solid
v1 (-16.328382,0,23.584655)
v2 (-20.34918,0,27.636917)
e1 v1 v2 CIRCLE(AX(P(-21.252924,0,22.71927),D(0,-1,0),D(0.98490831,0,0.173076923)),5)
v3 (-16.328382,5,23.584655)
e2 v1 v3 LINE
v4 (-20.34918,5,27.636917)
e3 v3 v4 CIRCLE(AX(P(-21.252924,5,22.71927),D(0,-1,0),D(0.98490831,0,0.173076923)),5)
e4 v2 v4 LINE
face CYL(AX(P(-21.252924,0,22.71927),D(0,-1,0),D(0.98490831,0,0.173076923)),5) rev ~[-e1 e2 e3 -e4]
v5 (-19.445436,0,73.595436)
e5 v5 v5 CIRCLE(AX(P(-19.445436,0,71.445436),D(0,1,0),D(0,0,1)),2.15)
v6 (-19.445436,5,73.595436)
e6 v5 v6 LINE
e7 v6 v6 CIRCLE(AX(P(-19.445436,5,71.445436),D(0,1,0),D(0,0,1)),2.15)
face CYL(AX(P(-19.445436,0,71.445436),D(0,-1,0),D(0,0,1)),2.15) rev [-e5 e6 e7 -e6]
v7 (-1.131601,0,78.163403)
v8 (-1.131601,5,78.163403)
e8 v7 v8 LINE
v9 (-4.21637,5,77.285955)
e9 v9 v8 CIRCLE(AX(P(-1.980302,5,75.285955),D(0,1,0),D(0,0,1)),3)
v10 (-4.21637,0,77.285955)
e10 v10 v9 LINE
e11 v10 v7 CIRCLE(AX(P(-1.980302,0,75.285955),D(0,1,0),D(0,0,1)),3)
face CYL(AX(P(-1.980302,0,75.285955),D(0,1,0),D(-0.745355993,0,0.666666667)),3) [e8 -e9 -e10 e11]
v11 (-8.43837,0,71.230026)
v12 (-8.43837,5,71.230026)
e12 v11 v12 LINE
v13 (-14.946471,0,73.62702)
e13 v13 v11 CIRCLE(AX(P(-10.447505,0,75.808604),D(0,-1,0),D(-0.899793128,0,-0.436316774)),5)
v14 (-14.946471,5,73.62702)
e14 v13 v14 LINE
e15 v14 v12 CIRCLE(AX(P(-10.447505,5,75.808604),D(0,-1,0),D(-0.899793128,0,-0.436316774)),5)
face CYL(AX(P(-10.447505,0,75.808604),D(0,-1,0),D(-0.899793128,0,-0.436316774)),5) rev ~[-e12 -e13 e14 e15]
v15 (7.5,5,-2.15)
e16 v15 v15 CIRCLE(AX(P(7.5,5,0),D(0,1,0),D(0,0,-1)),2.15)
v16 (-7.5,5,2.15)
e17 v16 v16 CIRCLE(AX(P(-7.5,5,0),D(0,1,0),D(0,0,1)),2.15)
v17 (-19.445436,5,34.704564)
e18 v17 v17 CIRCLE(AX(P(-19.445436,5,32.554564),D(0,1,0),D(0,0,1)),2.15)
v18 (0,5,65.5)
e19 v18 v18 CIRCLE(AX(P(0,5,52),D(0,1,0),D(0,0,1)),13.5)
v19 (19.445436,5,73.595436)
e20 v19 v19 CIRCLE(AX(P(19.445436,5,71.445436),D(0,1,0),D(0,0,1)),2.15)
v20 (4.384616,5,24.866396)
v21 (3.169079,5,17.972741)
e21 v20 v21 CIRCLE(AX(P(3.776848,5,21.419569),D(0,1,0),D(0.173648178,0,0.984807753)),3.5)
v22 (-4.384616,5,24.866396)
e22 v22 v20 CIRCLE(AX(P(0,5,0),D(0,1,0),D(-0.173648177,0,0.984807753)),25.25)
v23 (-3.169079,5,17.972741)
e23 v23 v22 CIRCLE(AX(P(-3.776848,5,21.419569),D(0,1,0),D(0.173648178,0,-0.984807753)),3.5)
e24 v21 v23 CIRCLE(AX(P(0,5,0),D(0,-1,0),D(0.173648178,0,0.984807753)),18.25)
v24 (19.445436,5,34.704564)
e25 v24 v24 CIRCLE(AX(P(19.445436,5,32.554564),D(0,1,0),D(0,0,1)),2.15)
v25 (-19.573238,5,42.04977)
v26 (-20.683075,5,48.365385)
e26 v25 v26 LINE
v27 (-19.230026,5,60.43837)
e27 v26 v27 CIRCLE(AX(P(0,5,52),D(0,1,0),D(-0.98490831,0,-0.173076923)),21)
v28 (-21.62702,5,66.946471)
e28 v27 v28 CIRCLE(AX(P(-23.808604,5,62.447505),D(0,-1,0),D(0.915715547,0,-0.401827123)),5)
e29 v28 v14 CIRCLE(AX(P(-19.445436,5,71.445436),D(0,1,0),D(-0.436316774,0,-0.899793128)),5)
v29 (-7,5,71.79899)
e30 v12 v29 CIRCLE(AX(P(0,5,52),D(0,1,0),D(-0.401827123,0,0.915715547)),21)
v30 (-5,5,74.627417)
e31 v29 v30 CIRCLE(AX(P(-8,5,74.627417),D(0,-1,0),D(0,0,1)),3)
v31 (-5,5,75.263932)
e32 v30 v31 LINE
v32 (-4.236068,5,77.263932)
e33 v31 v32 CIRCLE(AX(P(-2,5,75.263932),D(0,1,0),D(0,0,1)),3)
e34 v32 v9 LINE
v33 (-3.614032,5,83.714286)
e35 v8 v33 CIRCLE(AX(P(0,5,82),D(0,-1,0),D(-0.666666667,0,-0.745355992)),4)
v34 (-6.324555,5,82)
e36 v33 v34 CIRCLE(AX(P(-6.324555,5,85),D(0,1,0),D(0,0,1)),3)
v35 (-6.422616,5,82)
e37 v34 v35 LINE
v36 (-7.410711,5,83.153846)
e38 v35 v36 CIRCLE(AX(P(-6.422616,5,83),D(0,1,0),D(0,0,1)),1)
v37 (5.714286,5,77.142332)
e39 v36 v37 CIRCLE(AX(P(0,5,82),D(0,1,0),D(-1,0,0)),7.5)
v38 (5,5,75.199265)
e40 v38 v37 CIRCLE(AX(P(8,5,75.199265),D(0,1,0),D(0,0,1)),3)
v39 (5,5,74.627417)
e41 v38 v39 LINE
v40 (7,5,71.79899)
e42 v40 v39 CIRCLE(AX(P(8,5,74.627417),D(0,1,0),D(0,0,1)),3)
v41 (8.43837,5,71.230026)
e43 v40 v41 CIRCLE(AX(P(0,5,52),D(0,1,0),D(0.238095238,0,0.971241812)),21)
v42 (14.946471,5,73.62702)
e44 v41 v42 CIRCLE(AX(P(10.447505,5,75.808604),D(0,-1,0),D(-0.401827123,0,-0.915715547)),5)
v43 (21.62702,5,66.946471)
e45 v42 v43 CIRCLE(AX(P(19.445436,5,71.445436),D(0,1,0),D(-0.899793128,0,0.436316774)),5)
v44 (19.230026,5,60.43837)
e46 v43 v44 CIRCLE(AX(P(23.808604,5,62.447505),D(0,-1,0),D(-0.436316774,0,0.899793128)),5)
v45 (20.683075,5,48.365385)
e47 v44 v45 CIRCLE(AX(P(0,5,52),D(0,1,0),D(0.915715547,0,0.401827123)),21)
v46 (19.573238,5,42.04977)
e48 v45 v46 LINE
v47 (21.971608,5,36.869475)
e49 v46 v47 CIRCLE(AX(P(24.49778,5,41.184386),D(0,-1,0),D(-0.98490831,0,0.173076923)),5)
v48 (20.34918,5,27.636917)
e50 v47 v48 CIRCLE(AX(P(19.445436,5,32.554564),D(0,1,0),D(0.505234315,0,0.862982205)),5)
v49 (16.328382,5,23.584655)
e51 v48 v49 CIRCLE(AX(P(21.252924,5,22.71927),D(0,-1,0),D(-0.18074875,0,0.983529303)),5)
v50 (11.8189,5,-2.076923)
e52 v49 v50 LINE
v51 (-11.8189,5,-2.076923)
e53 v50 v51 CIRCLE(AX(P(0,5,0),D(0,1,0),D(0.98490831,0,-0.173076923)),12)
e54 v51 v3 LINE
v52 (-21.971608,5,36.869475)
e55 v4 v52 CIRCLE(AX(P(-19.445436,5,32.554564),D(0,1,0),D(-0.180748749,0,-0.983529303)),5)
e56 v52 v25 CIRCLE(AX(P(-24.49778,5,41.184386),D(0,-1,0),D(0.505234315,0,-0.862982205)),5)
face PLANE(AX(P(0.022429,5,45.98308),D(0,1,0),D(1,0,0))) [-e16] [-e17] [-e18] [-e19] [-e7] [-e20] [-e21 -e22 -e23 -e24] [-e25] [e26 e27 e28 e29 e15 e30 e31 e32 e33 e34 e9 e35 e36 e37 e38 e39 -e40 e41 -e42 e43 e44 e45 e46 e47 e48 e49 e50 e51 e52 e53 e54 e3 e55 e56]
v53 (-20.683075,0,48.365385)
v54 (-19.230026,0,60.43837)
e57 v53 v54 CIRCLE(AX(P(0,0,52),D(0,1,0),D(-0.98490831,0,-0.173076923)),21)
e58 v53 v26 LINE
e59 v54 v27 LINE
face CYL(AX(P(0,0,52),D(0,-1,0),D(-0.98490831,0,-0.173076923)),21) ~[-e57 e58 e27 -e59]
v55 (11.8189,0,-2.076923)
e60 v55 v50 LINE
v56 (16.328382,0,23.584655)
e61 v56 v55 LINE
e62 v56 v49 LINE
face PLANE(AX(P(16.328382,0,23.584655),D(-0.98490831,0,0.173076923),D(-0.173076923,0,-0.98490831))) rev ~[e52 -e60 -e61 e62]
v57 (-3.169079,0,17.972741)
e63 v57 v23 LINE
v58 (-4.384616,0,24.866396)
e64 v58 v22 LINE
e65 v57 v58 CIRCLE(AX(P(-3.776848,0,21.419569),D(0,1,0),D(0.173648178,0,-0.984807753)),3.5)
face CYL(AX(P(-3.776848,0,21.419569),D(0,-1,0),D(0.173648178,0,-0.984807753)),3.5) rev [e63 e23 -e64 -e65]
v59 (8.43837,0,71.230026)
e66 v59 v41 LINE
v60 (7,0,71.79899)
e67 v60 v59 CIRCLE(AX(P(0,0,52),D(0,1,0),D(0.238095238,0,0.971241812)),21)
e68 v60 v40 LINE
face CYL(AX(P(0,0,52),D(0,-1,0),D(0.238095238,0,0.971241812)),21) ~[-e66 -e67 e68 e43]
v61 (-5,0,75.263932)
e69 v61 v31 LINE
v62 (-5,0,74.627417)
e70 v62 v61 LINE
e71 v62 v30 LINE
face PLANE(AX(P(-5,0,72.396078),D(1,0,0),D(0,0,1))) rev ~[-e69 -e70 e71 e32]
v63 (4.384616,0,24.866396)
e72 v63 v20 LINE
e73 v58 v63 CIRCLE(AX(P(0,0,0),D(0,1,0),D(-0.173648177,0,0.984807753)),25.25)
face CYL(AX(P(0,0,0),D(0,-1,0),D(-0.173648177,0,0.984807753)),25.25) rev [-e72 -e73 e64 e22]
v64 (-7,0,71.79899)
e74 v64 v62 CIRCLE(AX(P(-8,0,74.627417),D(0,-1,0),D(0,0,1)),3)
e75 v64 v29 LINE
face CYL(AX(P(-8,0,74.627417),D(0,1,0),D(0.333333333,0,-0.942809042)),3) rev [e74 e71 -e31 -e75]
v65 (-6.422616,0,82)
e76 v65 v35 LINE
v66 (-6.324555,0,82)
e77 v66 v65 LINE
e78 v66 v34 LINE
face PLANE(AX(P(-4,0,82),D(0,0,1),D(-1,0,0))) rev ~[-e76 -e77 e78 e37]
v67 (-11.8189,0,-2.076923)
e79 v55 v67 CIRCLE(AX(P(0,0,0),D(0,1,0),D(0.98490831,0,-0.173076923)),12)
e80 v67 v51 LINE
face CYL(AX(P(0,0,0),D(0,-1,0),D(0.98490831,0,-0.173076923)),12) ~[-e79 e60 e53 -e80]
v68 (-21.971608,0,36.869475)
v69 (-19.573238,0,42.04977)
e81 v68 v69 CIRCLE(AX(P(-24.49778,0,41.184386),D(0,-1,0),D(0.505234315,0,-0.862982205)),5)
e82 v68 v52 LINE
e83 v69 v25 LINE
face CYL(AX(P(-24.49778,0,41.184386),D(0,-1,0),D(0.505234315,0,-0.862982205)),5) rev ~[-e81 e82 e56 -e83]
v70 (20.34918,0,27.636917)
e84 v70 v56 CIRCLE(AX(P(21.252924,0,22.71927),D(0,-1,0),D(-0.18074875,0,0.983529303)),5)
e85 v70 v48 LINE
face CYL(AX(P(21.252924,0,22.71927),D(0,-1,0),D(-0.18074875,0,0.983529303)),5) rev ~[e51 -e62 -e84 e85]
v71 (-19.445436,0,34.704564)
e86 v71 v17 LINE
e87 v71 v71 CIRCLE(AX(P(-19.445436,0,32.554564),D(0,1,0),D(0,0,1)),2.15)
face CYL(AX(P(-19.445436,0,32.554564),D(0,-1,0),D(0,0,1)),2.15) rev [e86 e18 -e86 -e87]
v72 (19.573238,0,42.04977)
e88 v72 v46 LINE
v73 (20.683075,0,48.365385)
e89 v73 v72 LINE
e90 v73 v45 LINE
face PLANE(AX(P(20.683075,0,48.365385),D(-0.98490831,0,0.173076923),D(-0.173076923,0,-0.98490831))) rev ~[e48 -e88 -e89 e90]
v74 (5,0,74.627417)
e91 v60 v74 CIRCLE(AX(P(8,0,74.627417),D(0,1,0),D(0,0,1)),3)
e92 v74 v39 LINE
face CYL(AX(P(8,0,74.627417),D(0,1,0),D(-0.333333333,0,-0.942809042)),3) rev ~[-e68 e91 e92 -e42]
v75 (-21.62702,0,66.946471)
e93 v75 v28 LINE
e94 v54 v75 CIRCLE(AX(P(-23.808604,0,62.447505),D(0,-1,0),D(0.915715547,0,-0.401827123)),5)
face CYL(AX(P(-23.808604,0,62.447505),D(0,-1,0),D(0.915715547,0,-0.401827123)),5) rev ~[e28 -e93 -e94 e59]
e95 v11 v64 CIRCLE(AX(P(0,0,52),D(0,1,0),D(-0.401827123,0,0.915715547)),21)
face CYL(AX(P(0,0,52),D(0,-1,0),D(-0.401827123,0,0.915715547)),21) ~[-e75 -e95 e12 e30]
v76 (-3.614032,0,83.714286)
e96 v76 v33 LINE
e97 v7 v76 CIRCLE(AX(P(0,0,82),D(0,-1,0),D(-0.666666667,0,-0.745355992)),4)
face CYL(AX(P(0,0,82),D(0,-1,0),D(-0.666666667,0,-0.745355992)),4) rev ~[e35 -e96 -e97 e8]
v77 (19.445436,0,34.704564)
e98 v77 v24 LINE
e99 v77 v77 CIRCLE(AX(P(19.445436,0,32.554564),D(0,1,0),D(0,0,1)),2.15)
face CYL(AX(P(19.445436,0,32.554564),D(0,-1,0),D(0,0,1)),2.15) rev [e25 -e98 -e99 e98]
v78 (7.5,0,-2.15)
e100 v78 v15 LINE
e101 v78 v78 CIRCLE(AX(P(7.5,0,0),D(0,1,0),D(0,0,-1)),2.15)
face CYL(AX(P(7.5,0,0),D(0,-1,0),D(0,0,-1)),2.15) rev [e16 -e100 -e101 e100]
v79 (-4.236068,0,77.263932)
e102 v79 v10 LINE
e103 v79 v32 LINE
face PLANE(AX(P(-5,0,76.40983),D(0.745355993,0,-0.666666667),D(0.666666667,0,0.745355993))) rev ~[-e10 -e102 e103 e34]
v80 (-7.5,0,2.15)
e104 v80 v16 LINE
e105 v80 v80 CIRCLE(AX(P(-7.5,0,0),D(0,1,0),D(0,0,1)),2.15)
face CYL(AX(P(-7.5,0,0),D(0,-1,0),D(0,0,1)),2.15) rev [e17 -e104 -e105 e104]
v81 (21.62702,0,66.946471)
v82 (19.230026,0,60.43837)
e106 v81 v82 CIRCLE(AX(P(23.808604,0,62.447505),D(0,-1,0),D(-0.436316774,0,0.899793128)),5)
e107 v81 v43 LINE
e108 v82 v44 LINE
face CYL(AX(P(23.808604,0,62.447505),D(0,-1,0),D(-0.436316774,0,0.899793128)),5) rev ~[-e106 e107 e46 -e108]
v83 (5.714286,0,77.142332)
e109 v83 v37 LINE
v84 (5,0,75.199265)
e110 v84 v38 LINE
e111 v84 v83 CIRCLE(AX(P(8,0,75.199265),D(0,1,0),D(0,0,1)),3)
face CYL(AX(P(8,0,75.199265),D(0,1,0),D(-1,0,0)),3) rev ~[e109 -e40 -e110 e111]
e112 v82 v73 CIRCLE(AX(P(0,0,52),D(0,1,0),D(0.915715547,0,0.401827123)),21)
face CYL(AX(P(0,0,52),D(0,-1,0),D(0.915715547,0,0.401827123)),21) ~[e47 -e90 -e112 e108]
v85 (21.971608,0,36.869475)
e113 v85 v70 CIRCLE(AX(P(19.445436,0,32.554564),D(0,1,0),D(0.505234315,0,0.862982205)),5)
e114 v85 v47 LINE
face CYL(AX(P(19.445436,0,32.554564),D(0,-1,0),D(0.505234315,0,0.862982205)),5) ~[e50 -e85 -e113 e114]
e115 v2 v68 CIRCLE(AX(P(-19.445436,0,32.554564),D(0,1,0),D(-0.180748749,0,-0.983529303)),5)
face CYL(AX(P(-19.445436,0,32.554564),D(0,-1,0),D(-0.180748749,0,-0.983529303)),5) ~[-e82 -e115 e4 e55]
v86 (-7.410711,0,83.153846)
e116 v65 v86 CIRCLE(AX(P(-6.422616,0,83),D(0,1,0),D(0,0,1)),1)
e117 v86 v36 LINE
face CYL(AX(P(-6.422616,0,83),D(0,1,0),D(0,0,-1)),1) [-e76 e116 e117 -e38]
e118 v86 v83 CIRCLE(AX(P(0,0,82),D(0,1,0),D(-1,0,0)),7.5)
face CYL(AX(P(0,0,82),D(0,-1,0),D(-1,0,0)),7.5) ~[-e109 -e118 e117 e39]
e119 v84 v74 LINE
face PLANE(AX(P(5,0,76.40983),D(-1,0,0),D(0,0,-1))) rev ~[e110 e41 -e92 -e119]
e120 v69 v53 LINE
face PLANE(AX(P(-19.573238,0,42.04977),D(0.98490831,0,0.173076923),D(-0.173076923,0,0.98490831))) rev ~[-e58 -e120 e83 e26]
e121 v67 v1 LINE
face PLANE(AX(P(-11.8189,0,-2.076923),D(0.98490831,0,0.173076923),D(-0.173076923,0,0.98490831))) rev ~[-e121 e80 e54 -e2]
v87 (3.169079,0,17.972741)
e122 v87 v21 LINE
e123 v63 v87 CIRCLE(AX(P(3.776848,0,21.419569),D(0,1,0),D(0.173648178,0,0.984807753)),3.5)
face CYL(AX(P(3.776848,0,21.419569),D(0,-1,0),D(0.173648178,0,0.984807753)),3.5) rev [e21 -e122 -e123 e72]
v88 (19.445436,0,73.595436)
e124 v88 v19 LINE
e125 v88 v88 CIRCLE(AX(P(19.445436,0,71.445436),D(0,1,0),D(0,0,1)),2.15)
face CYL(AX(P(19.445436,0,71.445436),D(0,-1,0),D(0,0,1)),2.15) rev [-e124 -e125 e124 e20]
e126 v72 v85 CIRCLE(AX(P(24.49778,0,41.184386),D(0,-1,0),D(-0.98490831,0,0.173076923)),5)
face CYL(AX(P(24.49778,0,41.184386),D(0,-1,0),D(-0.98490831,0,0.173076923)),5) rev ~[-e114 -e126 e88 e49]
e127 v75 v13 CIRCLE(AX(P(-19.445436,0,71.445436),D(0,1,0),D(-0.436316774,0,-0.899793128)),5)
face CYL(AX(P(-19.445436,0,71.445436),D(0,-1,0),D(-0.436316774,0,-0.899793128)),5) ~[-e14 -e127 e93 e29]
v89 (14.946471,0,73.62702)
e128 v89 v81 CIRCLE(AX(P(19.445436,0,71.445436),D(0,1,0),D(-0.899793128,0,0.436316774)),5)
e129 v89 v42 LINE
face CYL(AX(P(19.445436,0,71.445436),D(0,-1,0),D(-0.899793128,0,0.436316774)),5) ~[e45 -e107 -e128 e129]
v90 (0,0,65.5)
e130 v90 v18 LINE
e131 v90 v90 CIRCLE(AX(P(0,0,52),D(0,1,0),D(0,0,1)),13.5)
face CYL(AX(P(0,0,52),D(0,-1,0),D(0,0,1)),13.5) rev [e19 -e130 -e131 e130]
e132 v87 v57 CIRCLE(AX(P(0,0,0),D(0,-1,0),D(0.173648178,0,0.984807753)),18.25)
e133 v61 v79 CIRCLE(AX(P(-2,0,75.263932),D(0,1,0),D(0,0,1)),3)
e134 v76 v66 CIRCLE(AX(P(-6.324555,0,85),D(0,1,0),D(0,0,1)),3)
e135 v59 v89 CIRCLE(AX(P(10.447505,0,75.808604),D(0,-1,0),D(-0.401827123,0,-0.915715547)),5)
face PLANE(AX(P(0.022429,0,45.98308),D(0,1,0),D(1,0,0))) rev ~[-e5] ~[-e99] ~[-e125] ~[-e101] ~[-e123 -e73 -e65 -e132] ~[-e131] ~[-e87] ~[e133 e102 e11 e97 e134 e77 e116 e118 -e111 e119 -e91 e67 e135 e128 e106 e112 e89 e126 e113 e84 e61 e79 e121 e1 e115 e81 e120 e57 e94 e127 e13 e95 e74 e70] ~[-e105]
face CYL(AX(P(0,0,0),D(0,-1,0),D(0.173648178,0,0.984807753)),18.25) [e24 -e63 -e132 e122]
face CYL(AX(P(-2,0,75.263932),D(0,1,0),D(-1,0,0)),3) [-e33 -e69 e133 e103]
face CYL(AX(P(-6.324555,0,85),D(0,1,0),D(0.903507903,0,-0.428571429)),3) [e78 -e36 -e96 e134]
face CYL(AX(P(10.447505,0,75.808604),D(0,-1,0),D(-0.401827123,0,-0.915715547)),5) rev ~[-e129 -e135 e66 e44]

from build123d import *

# Parameters (mm, degrees)
SKETCH_1_R      = 2.15
SKETCH_1_R_2    = 13.5
EXTRUDE_1_DEPTH = 5
FILLET_1_R      = 3
FILLET_2_R      = 1


with BuildPart() as part:
    # ｽｹｯﾁ1 → ﾎﾞｽ - 押し出し1 (new body)
    with BuildSketch(Plane(origin=(0, 0, 0), x_dir=(1, 0, 0), z_dir=(0, 1, 0))):
        with BuildLine():
            Line((-11.818899718, 2.076923077), (-16.328382426, -23.584655104))
            ThreePointArc((-16.328382426, -23.584655104), (-17.703637569, -26.24099819), (-20.349180229, -27.636917003))
            ThreePointArc((-20.349180229, -27.636917003), (-24.369978032, -31.689178902), (-21.971608059, -36.869474544))
            ThreePointArc((-21.971608059, -36.869474544), (-19.960473468, -39.083706455), (-19.573238085, -42.049770186))
            Line((-19.573238085, -42.049770186), (-20.683074506, -48.365384615))
            ThreePointArc((-20.683074506, -48.365384615), (-20.849535948, -54.509352655), (-19.230026487, -60.438369589))
            ThreePointArc((-19.230026487, -60.438369589), (-19.11671849, -64.1755701), (-21.627020352, -66.946470844))
            ThreePointArc((-21.627020352, -66.946470844), (-22.980970389, -74.980970389), (-14.946470844, -73.627020352))
            ThreePointArc((-14.946470844, -73.627020352), (-12.1755701, -71.11671849), (-8.438369589, -71.230026487))
            ThreePointArc((-8.438369589, -71.230026487), (-6.744432027, -71.887499507), (-5, -72.396078054))
            Line((-5, -72.396078054), (-5, -76.409830056))
            Line((-5, -76.409830056), (-2.666666667, -79.01857603))
            ThreePointArc((-2.666666667, -79.01857603), (3.651483717, -83.632993162), (-4, -82))
            Line((-4, -82), (-7.5, -82))
            ThreePointArc((-7.5, -82), (3.061862178, -88.846531969), (5, -76.409830056))
            Line((5, -76.409830056), (5, -72.396078054))
            ThreePointArc((5, -72.396078054), (6.744432027, -71.887499507), (8.438369589, -71.230026487))
            ThreePointArc((8.438369589, -71.230026487), (12.1755701, -71.11671849), (14.946470844, -73.627020352))
            ThreePointArc((14.946470844, -73.627020352), (22.980970389, -74.980970389), (21.627020352, -66.946470844))
            ThreePointArc((21.627020352, -66.946470844), (19.11671849, -64.1755701), (19.230026487, -60.438369589))
            ThreePointArc((19.230026487, -60.438369589), (20.849535948, -54.509352655), (20.683074506, -48.365384615))
            Line((20.683074506, -48.365384615), (19.573238085, -42.049770186))
            ThreePointArc((19.573238085, -42.049770186), (19.960473468, -39.083706455), (21.971608059, -36.869474544))
            ThreePointArc((21.971608059, -36.869474544), (24.369978032, -31.689178902), (20.349180229, -27.636917003))
            ThreePointArc((20.349180229, -27.636917003), (17.703637569, -26.24099819), (16.328382426, -23.584655104))
            Line((16.328382426, -23.584655104), (11.818899718, 2.076923077))
            ThreePointArc((11.818899718, 2.076923077), (0, 12), (-11.818899718, 2.076923077))
        make_face()
        with Locations(Location((-7.5, 0, 0), (0, 0, 270))):
            Circle(SKETCH_1_R, mode=Mode.SUBTRACT)
        with Locations(Location((7.5, 0, 0), (0, 0, 90))):
            Circle(SKETCH_1_R, mode=Mode.SUBTRACT)
        with Locations(Location((0, -52, 0), (0, 0, 270))):
            Circle(SKETCH_1_R_2, mode=Mode.SUBTRACT)
        with Locations(Location((19.445436483, -32.554563517, 0), (0, 0, 270))):
            Circle(SKETCH_1_R, mode=Mode.SUBTRACT)
        with Locations(Location((19.445436483, -71.445436483, 0), (0, 0, 270))):
            Circle(SKETCH_1_R, mode=Mode.SUBTRACT)
        with Locations(Location((-19.445436483, -71.445436483, 0), (0, 0, 270))):
            Circle(SKETCH_1_R, mode=Mode.SUBTRACT)
        with Locations(Location((-19.445436483, -32.554563517, 0), (0, 0, 270))):
            Circle(SKETCH_1_R, mode=Mode.SUBTRACT)
        with BuildLine():
            ThreePointArc((-4.384616486, -24.866395764), (0, -25.25), (4.384616486, -24.866395764))
            ThreePointArc((4.384616486, -24.866395764), (7.223675, -20.811800006), (3.169079242, -17.972741492))
            ThreePointArc((3.169079242, -17.972741492), (0, -18.25), (-3.169079242, -17.972741492))
            ThreePointArc((-3.169079242, -17.972741492), (-7.223675, -20.811800006), (-4.384616486, -24.866395764))
        make_face(mode=Mode.SUBTRACT)
    extrude(amount=EXTRUDE_1_DEPTH)

    # ﾌｨﾚｯﾄ1
    fillet_1_edges = [part.edges().sort_by_distance(p)[0] for p in [
        (5, 2.5, 72.396078054),
        (5, 2.5, 76.409830056),
        (-4, 2.5, 82),
        (-2.666666667, 2.5, 79.01857603),
        (-5, 2.5, 76.409830056),
        (-5, 2.5, 72.396078054),
    ]]
    fillet(fillet_1_edges, radius=FILLET_1_R)

    # ﾌｨﾚｯﾄ2
    fillet_2_edges = [part.edges().sort_by_distance(p)[0] for p in [
        (-7.5, 2.5, 82),
    ]]
    fillet(fillet_2_edges, radius=FILLET_2_R)


solid = part.part
